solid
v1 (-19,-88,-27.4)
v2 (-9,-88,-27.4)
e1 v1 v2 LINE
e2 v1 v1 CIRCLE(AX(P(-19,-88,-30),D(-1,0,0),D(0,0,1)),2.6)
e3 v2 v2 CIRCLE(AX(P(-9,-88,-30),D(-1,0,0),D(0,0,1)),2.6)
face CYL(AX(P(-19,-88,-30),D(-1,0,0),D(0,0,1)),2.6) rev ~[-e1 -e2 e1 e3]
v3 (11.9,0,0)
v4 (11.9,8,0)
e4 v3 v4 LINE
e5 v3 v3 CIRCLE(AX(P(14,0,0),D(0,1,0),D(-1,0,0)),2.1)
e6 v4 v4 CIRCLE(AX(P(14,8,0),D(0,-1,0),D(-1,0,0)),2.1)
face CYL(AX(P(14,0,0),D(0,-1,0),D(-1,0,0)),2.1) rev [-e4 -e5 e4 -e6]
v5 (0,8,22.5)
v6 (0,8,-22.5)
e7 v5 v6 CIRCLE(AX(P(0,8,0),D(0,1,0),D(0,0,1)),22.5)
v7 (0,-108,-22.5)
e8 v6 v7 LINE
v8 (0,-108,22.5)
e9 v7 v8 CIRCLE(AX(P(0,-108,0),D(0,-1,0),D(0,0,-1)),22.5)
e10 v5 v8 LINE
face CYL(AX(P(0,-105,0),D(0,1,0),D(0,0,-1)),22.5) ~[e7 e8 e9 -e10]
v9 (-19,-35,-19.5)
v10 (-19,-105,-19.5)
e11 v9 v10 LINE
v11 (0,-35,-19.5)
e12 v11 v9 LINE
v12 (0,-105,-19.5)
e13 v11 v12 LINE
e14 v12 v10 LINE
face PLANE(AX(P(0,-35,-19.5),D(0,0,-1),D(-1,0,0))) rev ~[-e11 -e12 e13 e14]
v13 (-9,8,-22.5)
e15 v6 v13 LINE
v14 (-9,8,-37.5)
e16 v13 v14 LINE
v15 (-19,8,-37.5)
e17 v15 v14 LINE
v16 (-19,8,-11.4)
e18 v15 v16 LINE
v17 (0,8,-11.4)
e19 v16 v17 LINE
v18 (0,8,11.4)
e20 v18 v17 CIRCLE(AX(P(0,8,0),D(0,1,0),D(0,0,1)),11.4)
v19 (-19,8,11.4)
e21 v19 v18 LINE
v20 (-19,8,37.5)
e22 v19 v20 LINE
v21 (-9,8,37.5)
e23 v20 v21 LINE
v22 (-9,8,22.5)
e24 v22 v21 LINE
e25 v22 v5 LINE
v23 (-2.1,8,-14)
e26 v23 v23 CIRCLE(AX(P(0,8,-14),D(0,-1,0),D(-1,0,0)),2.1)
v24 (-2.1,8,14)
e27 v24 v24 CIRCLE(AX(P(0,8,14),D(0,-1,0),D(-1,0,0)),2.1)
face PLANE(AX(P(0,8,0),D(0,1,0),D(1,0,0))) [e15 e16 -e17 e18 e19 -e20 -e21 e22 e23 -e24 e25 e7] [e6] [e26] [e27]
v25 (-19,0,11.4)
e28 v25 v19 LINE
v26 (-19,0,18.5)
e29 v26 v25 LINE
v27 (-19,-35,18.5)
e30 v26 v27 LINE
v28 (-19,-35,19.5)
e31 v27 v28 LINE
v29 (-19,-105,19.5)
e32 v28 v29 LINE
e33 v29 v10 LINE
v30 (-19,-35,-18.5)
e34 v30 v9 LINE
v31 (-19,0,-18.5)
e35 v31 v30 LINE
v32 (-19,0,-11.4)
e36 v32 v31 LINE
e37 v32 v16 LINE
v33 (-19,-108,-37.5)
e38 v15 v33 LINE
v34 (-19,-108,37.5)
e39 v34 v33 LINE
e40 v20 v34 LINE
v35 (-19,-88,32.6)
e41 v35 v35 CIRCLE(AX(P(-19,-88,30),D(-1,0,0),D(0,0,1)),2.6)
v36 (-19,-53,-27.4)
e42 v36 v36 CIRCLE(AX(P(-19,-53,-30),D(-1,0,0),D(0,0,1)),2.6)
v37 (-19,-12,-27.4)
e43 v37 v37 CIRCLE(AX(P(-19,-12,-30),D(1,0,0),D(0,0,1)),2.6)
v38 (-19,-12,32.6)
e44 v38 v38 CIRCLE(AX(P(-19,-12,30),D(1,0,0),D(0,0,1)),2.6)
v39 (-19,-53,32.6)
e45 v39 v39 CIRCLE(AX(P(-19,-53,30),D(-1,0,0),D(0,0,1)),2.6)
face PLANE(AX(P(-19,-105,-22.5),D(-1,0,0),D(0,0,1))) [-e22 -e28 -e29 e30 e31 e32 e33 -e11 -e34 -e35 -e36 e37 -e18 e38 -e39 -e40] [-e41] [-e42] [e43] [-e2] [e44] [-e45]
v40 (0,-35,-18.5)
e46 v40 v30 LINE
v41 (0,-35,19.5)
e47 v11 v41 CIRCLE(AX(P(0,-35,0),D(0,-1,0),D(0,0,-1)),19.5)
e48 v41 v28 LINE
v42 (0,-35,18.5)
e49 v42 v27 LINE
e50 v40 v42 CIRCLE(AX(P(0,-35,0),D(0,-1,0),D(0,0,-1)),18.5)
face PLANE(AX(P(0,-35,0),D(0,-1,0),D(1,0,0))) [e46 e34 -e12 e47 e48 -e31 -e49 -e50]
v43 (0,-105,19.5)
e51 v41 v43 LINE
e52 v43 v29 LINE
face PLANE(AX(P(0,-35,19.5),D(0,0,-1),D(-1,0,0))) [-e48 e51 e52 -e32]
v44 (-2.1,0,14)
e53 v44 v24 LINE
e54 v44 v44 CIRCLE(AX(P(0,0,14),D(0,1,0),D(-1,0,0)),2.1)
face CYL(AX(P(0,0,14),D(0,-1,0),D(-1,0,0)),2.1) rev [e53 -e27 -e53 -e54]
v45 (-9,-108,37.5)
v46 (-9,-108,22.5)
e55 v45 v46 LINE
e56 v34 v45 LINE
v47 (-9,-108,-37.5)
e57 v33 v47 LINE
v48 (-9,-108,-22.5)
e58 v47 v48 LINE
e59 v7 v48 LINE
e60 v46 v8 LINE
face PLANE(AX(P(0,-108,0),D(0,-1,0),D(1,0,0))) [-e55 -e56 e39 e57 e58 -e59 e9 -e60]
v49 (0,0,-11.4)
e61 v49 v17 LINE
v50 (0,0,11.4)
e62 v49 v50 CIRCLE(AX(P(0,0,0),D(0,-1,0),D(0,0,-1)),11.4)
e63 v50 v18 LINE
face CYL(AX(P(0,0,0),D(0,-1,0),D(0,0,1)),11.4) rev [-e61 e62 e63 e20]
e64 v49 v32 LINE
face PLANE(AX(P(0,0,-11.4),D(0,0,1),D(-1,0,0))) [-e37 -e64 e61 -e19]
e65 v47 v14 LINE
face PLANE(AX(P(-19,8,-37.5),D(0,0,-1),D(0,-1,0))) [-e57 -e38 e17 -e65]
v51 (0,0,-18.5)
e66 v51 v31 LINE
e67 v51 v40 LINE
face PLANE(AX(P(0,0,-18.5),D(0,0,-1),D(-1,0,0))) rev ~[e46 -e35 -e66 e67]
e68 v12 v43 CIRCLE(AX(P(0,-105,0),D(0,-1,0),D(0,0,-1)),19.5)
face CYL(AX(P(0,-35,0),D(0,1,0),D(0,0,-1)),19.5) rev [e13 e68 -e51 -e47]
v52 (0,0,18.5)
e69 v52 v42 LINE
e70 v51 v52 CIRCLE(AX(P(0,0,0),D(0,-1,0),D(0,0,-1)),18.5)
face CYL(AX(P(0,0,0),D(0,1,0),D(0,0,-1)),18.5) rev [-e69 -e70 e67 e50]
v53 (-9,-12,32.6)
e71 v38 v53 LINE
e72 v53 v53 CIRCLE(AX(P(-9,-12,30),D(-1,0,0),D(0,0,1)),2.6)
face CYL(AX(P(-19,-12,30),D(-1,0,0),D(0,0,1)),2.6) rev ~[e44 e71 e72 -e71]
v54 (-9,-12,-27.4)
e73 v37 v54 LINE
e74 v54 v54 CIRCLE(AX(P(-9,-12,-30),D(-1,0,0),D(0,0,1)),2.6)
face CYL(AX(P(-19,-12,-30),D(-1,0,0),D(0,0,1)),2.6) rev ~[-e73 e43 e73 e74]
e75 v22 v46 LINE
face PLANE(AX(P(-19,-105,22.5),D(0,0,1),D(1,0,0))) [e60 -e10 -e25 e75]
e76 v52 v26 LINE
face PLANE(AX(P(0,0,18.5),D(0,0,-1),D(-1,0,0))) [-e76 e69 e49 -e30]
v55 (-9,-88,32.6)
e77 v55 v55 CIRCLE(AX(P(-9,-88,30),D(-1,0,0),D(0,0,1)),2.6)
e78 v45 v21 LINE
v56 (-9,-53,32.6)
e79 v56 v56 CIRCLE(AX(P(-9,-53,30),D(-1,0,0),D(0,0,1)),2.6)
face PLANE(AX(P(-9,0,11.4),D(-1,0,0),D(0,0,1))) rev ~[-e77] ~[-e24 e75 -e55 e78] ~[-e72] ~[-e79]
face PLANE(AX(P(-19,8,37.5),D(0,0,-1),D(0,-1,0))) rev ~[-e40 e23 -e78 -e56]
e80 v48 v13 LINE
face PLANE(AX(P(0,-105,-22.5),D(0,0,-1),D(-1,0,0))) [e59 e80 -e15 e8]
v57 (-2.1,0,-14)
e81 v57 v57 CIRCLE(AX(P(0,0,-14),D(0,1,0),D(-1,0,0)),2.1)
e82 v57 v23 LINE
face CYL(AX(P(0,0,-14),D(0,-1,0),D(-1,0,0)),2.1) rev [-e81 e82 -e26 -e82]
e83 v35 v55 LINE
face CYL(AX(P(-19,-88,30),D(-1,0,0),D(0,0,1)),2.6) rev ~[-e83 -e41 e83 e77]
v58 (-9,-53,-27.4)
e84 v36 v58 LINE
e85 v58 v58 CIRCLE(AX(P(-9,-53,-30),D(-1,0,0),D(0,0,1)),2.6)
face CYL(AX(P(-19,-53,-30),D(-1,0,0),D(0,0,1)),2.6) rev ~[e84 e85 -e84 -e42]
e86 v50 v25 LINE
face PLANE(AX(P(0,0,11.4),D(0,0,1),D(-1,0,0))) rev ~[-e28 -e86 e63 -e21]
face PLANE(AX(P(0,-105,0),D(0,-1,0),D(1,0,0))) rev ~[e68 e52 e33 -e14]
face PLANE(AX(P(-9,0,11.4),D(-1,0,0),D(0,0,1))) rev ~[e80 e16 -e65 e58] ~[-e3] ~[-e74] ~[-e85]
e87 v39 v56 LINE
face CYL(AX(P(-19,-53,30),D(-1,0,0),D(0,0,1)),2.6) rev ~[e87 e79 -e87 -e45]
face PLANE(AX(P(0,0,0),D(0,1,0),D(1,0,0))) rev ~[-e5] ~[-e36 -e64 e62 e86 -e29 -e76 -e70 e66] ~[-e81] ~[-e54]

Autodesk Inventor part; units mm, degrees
ref_plane "YZ Plane" through (0, 0, 0) normal (1, 0, 0) x (0, 1, 0)
ref_plane "XZ Plane" through (0, 0, 0) normal (0, 1, 0) x (-1, 0, 0)
ref_plane "XY Plane" through (0, 0, 0) normal (0, 0, 1) x (1, 0, 0)
sketch "Boceto1" plane through (0, 0, 0) normal (0, 1, 0) x (-1, 0, 0)
  circle A0 centre (0, 0) radius 14
  circle A1 centre (0, 14) radius 2.1
  circle A2 centre (0, 0) radius 11
  line L0 (0, 18.1) -> (19, 18.1)
  arc A3 (0, 18.1) -> (-18.1, 0) centre (0, 0) ccw
  line L1 (0, 0) -> (5.461, 0)
  arc A4 (0, 11.4) -> (-11.4, 0) centre (0, 0) ccw
  line L2 (0, 11.4) -> (19, 11.4)
  circle A5 centre (0, -14) radius 2.1
  line L3 (0, -18.1) -> (19, -18.1)
  arc A6 (-18.1, 0) -> (0, -18.1) centre (0, 0) ccw
  arc A7 (-11.4, 0) -> (0, -11.4) centre (0, 0) ccw
  line L4 (0, -11.4) -> (19, -11.4)
  circle A8 centre (-14, 0) radius 2.1
  circle A9 centre (0, 0) radius 19
  line L5 (19, 11.4) -> (19, 18.1)
  line L6 (19, -11.4) -> (19, -18.1)
  point P0 (8.1265, 11.4)
  point P1 (8.1265, 18.1)
  point P2 (8.1265, -11.4)
  point P3 (8.1265, -18.1)
  dimension "d0" = 28
  dimension "d1" = 4.2
  dimension "d3" = 22
  dimension "d12" = 11.4
  dimension "d18" = 4.2
  dimension "d19" = 38
extrude "Extrusión1" add sketch "Boceto1" along normal blind 8 contours L2 A4 A7 L4 A0 A5 A8 A1 | A0 A1 A8 A5 L4 A9 L3 A6 A3 L0 L2 | A9 L0 L5 L2 | L4 L6 L3 A9
sketch "Boceto2" plane through (0, 0, 0) normal (0, -1, 0) x (1, 0, 0)
  arc A0 (0, -18.5) -> (0, 18.5) centre (0, 0) ccw
  line L0 (0, 18.5) -> (-19, 18.5)
  line L1 (0, 22.5) -> (-19, 22.5)
  line L2 (0, -18.5) -> (-19, -18.5)
  line L3 (0, -22.5) -> (-19, -22.5)
  arc A1 (0, -22.5) -> (0, 22.5) centre (0, 0) ccw
  line L4 (-19, 18.1) -> (0, 18.1) projected
  line L5 (-19, 18.1) -> (-19, 18.5)
  line L6 (-19, -18.1) -> (-19, -11.4) projected
  line L7 (-19, -18.1) -> (-19, -18.5)
  line L8 (-19, 22.5) -> (-19, 24.19)
  line L9 (-19, 18.5) -> (-19, 22.5)
  line L10 (-19, -18.5) -> (-19, -22.5)
  line L11 (-19, -22.5) -> (-19, -24.4563)
  point P0 (-8.1265, 18.5)
  point P1 (-8.1265, 18.1)
  point P2 (-8.1265, 22.5)
  point P3 (-8.1265, -18.5)
  point P4 (-8.1265, -22.5)
  dimension "d14" = 37
extrude "Extrusión2" add sketch "Boceto2" along normal blind 35
sketch "Boceto3" plane through (0, 0, 0) normal (0, 1, 0) x (1, 0, 0)
  line L0 (0, 18.1) -> (-19, 18.1) projected
  line L1 (-8.1265, 18.1) -> (0, 18.1)
  line L2 (-8.1265, -11.4) -> (-8.1265, -18.1) projected
  arc A0 (0, -18.1) -> (0, 18.1) centre (0, 0) ccw projected
  line L3 (-8.1265, -18.1) -> (0, -18.1)
  arc A1 (-8.1265, -16.1731) -> (0, 18.1) centre (0, 0) ccw
  line L4 (-8.1265, -22.5) -> (-8.1265, -18.5) projected
  line L5 (-8.1265, -18.1) -> (-8.1265, -22.5)
  line L6 (-8.1265, -22.5) -> (0, -22.5)
  line L7 (-19, 22.5) -> (0, 22.5) projected
  line L8 (-8.1265, 22.5) -> (0, 22.5)
  arc A2 (0, -22.5) -> (0, 22.5) centre (0, 0) ccw
  line L9 (-19, -22.5) -> (-19, 22.5)
  line L10 (-8.1265, 18.1) -> (-19, 18.1)
  line L11 (-19, 22.5) -> (-8.1265, 22.5)
  line L12 (0, -22.5) -> (-19, -22.5) projected
  line L13 (-8.1265, -22.5) -> (-19, -22.5)
  line L14 (-19, -11.4) -> (-19, -18.1) projected
  line L15 (-19, -22.5) -> (-19, -18.1)
  line L16 (-19, -18.1) -> (-8.1265, -18.1)
  line L17 (-19, -18.1) -> (0, -18.1) projected
extrude "Extrusión3" add sketch "Boceto3" along normal blind 8 contours L0 L9 L7 A2 L6 L4 L5 L3 A0 | L5 L4 L12 L9 L16
sketch "Boceto4" plane through (0, -35, 0) normal (0, -1, 0) x (1, 0, 0)
  line L0 (0, 19.5) -> (-19, 19.5)
  line L1 (-19, 22.5) -> (-19, 18.5) projected
  line L2 (-19, 22.5) -> (-19, 19.5)
  line L3 (0, -19.5) -> (-19, -19.5)
  line L4 (-19, -22.5) -> (-19, -11.4) projected
  line L5 (-19, -22.5) -> (-19, -19.5)
  line L6 (-19, -22.5) -> (0, -22.5) projected
  line L7 (-19, -22.5) -> (0, -22.5)
  arc A0 (0, -22.5) -> (0, 22.5) centre (0, 0) ccw projected
  line L8 (-19, 22.5) -> (0, 22.5) projected
  line L9 (0, 22.5) -> (-19, 22.5)
  arc A1 (0, -19.5) -> (0, 19.5) centre (0, 0) ccw
  arc A2 (0, -22.5) -> (0, 22.5) centre (0, 0) ccw
extrude "Extrusión4" add sketch "Boceto4" along normal blind 70
sketch "Boceto5" plane through (0, -105, 0) normal (0, -1, 0) x (1, 0, 0)
  line L0 (0, -22.5) -> (-19, -22.5) projected
  line L1 (0, -22.5) -> (-19, -22.5)
  line L2 (-19, -22.5) -> (-19, -11.4) projected
  line L3 (-19, 22.5) -> (0, 22.5) projected
  line L4 (-19, -22.5) -> (-19, 22.5)
  arc A0 (0, -22.5) -> (0, 22.5) centre (0, 0) ccw
extrude "Extrusión5" add sketch "Boceto5" along normal blind 3
sketch "Boceto6" plane through (-19, 0, 11.4) normal (-1, 0, 0) x (0, 0, 1)
  line L0 (-33.9, 8) -> (-48.9, 8)
  line L1 (-48.9, 8) -> (-48.9, -32)
  line L2 (-48.9, -108) -> (-33.9, -108)
  line L3 (-33.9, -108) -> (-33.9, 8)
  circle A0 centre (-41.4, -53) radius 2.6
  line L4 (-48.9, -32) -> (-48.9, -108)
  line L5 (-48.9, -12) -> (-33.9, -12)
  circle A1 centre (-41.4, -12) radius 2.6
  line L6 (-11.4, 2) -> (-11.4, -20.5205)
  line L7 (-48.9, -50) -> (-33.9, -50)
  line L8 (-33.9, 8) -> (-33.9, -108) projected
  circle A2 centre (-41.4, -88) radius 2.6
  line L9 (11.1, 8) -> (26.1, 8)
  line L10 (26.1, 8) -> (26.1, -32)
  line L11 (26.1, -108) -> (11.1, -108)
  line L12 (11.1, -108) -> (11.1, 8)
  circle A3 centre (18.6, -53) radius 2.6
  line L13 (26.1, -32) -> (26.1, -108)
  line L14 (26.1, -12) -> (11.1, -12)
  circle A4 centre (18.6, -12) radius 2.6
  line L15 (26.1, -50) -> (11.1, -50)
  line L16 (11.1, 8) -> (11.1, -108)
  circle A5 centre (18.6, -88) radius 2.6
  point P0 (-11.4, 0)
  point P1 (11.1, 8)
  dimension "d25" = 15
  dimension "d26" = 5.2
  dimension "d27" = 5.2
  dimension "d28" = 20
extrude "Extrusión6" add sketch "Boceto6" against normal blind 10 contours L3 L5 A1 L1 L0 | L3 L7 L4 L1 L5 A1 | L3 L2 L4 L7 | L9 L10 L14 A4 L12 | L14 A4 L10 L13 L15 L12 | L15 L13 L11 L12
properties part number "motor-fastening"
